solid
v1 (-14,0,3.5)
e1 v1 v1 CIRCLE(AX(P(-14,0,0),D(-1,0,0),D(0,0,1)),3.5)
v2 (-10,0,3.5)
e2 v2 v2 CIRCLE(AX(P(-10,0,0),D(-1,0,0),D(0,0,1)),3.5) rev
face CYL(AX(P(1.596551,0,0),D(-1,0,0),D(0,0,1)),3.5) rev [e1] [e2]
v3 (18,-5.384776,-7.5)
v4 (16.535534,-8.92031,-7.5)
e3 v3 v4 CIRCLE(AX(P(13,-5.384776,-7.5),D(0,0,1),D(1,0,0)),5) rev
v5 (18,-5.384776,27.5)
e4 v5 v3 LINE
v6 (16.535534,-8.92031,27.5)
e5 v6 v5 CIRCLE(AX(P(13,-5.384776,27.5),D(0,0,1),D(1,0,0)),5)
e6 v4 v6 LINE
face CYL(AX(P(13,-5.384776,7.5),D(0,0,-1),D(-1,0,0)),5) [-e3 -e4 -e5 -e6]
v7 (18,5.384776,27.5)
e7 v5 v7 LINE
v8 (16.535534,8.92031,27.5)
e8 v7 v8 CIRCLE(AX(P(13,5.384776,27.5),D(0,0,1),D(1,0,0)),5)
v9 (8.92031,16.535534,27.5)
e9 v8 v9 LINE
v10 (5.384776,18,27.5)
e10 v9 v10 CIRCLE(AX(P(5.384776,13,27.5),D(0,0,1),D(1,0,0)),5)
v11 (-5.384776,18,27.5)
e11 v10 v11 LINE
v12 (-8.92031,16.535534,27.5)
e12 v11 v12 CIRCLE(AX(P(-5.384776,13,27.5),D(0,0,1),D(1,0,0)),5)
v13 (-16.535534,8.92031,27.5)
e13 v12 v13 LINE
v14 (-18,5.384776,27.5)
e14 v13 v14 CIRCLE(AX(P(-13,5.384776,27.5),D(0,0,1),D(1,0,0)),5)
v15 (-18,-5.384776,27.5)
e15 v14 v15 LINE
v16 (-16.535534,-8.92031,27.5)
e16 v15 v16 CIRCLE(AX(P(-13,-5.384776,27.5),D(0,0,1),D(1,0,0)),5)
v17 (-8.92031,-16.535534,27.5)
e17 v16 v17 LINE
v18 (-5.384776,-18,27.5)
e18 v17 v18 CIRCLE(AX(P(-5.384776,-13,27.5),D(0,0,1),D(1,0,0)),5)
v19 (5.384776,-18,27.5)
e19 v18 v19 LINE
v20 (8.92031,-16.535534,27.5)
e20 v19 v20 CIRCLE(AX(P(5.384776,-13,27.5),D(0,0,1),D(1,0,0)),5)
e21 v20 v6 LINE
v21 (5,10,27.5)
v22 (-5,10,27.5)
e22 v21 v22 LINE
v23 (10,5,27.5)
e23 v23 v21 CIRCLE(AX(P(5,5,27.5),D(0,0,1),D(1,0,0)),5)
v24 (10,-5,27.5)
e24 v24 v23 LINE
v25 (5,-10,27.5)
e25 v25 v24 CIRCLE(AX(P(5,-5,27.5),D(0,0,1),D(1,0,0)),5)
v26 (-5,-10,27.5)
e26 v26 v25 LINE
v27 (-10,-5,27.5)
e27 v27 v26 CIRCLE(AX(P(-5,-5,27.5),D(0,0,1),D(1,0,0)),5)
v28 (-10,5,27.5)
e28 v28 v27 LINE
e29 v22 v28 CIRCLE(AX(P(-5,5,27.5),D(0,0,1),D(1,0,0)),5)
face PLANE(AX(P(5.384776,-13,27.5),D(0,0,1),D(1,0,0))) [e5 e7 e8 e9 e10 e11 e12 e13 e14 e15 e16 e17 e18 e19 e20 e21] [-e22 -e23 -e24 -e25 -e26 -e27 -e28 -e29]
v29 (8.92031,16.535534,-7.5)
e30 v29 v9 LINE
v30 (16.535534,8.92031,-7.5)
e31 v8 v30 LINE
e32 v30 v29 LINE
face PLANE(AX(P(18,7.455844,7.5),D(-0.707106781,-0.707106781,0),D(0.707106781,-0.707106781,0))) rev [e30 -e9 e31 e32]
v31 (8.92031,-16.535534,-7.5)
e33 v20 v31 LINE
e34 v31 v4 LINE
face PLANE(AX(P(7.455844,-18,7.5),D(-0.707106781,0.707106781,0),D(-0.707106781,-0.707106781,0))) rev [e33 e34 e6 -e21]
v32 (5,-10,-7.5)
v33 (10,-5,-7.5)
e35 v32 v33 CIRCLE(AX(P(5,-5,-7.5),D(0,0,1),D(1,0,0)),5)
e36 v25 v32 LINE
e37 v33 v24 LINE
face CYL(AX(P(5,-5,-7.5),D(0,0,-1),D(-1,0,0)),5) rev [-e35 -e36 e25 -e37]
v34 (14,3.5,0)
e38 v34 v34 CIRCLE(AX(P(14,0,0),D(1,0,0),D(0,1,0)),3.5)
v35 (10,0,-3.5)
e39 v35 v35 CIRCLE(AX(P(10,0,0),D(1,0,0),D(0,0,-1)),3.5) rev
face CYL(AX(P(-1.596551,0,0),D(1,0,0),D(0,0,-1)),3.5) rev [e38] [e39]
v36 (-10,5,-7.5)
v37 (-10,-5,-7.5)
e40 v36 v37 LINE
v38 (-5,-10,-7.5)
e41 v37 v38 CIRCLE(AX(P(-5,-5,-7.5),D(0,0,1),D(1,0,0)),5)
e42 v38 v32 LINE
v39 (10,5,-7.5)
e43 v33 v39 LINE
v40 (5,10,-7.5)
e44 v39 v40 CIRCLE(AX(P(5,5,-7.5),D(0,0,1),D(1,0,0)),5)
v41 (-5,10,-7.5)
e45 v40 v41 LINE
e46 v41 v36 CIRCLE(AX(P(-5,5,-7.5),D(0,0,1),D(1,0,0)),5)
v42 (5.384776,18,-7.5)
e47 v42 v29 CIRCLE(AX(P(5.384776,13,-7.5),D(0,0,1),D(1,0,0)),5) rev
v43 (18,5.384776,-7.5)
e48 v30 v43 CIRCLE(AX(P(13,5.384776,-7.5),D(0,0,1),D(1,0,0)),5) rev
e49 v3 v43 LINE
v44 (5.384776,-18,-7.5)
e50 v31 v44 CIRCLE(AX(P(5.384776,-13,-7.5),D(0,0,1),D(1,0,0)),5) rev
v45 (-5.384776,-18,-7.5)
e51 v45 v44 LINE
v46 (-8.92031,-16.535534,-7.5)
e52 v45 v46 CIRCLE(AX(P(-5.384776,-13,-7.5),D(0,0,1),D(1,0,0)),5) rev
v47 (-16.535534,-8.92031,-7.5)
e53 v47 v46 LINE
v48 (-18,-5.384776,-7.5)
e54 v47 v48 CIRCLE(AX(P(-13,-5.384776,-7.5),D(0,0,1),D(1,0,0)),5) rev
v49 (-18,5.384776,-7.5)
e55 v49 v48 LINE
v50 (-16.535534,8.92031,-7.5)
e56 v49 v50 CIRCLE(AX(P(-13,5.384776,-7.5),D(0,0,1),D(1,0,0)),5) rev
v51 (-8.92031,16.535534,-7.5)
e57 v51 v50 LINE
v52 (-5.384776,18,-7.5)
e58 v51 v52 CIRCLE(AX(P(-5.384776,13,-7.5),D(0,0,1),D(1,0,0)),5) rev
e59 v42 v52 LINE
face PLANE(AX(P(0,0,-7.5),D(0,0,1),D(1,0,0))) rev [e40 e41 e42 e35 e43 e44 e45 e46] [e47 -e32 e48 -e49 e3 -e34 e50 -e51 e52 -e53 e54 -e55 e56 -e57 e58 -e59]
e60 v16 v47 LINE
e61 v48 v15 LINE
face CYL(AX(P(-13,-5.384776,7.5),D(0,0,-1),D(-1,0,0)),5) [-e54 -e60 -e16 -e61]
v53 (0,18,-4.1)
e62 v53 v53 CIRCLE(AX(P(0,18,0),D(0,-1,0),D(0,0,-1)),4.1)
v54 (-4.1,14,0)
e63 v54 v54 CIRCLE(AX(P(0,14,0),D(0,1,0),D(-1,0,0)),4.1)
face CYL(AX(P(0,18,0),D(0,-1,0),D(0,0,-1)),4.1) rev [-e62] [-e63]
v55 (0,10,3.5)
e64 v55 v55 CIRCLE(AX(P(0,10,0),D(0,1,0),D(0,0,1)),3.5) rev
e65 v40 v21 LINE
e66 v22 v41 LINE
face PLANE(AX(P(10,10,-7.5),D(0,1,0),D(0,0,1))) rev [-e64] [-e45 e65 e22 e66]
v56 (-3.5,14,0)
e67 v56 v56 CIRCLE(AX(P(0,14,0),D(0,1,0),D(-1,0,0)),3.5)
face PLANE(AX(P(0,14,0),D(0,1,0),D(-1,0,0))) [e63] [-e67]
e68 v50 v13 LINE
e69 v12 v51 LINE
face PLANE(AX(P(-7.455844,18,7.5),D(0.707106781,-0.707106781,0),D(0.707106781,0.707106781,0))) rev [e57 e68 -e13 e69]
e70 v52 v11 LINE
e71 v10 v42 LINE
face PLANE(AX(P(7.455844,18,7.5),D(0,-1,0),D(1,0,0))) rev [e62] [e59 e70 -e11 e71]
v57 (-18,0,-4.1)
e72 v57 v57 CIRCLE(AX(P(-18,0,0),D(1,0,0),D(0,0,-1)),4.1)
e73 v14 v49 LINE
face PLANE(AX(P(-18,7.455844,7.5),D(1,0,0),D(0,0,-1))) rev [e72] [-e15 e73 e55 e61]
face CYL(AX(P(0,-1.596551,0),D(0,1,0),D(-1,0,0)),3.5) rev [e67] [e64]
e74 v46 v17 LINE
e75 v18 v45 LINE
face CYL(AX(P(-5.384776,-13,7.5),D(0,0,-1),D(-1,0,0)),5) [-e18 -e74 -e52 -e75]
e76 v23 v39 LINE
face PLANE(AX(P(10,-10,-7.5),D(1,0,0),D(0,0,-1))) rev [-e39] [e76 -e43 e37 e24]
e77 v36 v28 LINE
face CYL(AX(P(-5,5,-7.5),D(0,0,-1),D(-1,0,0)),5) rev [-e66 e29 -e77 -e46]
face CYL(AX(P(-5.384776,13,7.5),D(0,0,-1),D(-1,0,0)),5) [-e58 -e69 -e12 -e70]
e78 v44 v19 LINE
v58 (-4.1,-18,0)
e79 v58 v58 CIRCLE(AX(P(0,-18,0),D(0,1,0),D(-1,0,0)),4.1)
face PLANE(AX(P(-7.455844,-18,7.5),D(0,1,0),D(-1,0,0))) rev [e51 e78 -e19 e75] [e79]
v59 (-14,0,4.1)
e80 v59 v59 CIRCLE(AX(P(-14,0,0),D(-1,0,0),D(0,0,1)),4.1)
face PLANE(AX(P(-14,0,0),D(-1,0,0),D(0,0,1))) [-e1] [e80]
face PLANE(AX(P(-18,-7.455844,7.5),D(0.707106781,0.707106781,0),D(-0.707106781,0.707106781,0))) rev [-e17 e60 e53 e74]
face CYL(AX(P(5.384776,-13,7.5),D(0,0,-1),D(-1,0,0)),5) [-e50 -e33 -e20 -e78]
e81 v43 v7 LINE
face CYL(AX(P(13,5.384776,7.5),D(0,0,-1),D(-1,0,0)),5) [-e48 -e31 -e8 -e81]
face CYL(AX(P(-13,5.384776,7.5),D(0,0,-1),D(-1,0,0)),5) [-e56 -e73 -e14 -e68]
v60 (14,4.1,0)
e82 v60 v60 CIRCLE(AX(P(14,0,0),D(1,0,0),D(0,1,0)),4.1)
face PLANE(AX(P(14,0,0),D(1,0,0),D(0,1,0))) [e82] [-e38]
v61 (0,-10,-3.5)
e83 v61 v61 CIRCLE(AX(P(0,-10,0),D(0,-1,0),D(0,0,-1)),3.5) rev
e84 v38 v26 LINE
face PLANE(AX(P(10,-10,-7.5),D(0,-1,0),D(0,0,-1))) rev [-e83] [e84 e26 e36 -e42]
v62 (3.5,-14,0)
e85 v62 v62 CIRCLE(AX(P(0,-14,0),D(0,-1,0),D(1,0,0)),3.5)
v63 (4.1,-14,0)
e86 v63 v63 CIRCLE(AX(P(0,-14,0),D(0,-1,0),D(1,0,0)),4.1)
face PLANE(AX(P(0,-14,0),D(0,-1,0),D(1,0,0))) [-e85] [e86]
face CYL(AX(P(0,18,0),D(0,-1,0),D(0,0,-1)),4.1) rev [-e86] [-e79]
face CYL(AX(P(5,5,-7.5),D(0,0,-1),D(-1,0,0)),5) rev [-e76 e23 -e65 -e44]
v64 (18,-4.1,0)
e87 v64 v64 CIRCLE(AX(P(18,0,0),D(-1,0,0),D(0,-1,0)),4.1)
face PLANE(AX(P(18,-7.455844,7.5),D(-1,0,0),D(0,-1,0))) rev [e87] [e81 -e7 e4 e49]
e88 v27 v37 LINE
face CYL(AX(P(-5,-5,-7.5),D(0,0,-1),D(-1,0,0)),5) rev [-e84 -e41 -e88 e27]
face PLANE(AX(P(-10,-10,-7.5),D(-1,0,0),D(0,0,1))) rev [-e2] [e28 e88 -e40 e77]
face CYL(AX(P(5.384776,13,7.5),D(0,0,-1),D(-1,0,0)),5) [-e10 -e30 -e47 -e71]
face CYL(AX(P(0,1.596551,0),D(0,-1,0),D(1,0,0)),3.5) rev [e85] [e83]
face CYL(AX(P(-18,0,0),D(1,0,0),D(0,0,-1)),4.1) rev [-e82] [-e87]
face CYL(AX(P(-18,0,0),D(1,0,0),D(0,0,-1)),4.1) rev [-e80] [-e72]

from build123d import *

# Parameters (mm, degrees)
EXTRUDE_1_DEPTH          = 7.5
CUT_EXTRUDE_1_DEPTH      = 30.546573405
CUT_EXTRUDE_1_DEPTH_BACK = 30.546573405
SKETCH_2_W               = 20
SKETCH_2_H               = 20
FILLET_1_R               = 5
FILLET_2_R               = 5
CUT_EXTRUDE_2_DEPTH      = 41.942032192
CUT_EXTRUDE_2_DEPTH_BACK = 41.942032192
SKETCH_3_R               = 4.1
CUT_EXTRUDE_3_DEPTH      = 41.942032192
CUT_EXTRUDE_3_DEPTH_BACK = 41.942032192
SKETCH_4_R               = 4.1
EXTRUDE_START            = 20
EXTRUDE_2_DEPTH          = 20
EXTRUDE_START_2          = -4
SKETCH_6_R               = 4.1
SKETCH_6_R_2             = 3.5
EXTRUDE_3_DEPTH          = 4
SKETCH_7_R               = 4.1
SKETCH_7_R_2             = 3.5
EXTRUDE_4_DEPTH          = 4
EXTRUDE_START_3          = -8
SKETCH_8_R               = 4.1
SKETCH_8_R_2             = 3.5
EXTRUDE_5_DEPTH          = 4
SKETCH_9_R               = 4.1
SKETCH_9_R_2             = 3.5
EXTRUDE_6_DEPTH          = 4


with BuildPart() as part:
    # ｽｹｯﾁ1 → ﾎﾞｽ - 押し出し1 (new, symmetric)
    with BuildSketch(Plane.XY):
        Polygon((7.455844123, -18), (18, -7.455844123), (18, 7.455844123), (7.455844123, 18), (-7.455844123, 18), (-18, 7.455844123), (-18, -7.455844123), (-7.455844123, -18), align=None)
    extrude(amount=EXTRUDE_1_DEPTH, both=True)

    # ｽｹｯﾁ2 → ｶｯﾄ - 押し出し1 (cut, two sides: drawn at the far end of the back side and taken through both)
    with BuildSketch(Plane.XY.offset(7.5).offset(-CUT_EXTRUDE_1_DEPTH_BACK)):
        Rectangle(SKETCH_2_W, SKETCH_2_H)
    extrude(amount=CUT_EXTRUDE_1_DEPTH + CUT_EXTRUDE_1_DEPTH_BACK, mode=Mode.SUBTRACT)

    # ﾌｨﾚｯﾄ1
    fillet_1_edges = [part.edges().sort_by_distance(p)[0] for p in [
        (-10, -10, 0),
        (-10, 10, 0),
        (10, 10, 0),
        (10, -10, 0),
    ]]
    fillet(fillet_1_edges, radius=FILLET_1_R)

    # ﾌｨﾚｯﾄ2
    fillet_2_edges = [part.edges().sort_by_distance(p)[0] for p in [
        (-7.455844123, 18, 0),
        (7.455844123, 18, 0),
        (18, 7.455844123, 0),
        (18, -7.455844123, 0),
        (7.455844123, -18, 0),
        (-7.455844123, -18, 0),
        (-18, -7.455844123, 0),
        (-18, 7.455844123, 0),
    ]]
    fillet(fillet_2_edges, radius=FILLET_2_R)

    # ｽｹｯﾁ3 → ｶｯﾄ - 押し出し2 (cut, two sides: drawn at the far end of the back side and taken through both)
    with BuildSketch(Plane.XZ.offset(18).offset(-CUT_EXTRUDE_2_DEPTH_BACK)):
        with Locations(Location((0, 0, 0), (0, 0, 270))):
            Circle(SKETCH_3_R)
    extrude(amount=CUT_EXTRUDE_2_DEPTH + CUT_EXTRUDE_2_DEPTH_BACK, mode=Mode.SUBTRACT)

    # ｽｹｯﾁ4 → ｶｯﾄ - 押し出し3 (cut, two sides: drawn at the far end of the back side and taken through both)
    with BuildSketch(Plane(origin=(18, 0, 0), x_dir=(0, 0, -1), z_dir=(1, 0, 0)).offset(-CUT_EXTRUDE_3_DEPTH_BACK)):
        Circle(SKETCH_4_R)
    extrude(amount=CUT_EXTRUDE_3_DEPTH + CUT_EXTRUDE_3_DEPTH_BACK, mode=Mode.SUBTRACT)

    # ｽｹｯﾁ5 → ﾎﾞｽ - 押し出し2 (add)
    with BuildSketch(Plane.XY.offset(7.5).offset(EXTRUDE_START)):
        with BuildLine():
            Line((8.920310217, -16.535533906), (16.535533906, -8.920310217))
            ThreePointArc((16.535533906, -8.920310217), (17.619397663, -7.298193473), (18, -5.384776311))
            Line((18, -5.384776311), (18, 5.384776311))
            ThreePointArc((18, 5.384776311), (17.619397663, 7.298193473), (16.535533906, 8.920310217))
            Line((16.535533906, 8.920310217), (8.920310217, 16.535533906))
            ThreePointArc((8.920310217, 16.535533906), (7.298193473, 17.619397663), (5.384776311, 18))
            Line((5.384776311, 18), (-5.384776311, 18))
            ThreePointArc((-5.384776311, 18), (-7.298193473, 17.619397663), (-8.920310217, 16.535533906))
            Line((-8.920310217, 16.535533906), (-16.535533906, 8.920310217))
            ThreePointArc((-16.535533906, 8.920310217), (-17.619397663, 7.298193473), (-18, 5.384776311))
            Line((-18, 5.384776311), (-18, -5.384776311))
            ThreePointArc((-18, -5.384776311), (-17.619397663, -7.298193473), (-16.535533906, -8.920310217))
            Line((-16.535533906, -8.920310217), (-8.920310217, -16.535533906))
            ThreePointArc((-8.920310217, -16.535533906), (-7.298193473, -17.619397663), (-5.384776311, -18))
            Line((-5.384776311, -18), (5.384776311, -18))
            ThreePointArc((5.384776311, -18), (7.298193473, -17.619397663), (8.920310217, -16.535533906))
        make_face()
        with BuildLine():
            Line((5, 10), (-5, 10))
            ThreePointArc((-5, 10), (-8.535533906, 8.535533906), (-10, 5))
            Line((-10, 5), (-10, -5))
            ThreePointArc((-10, -5), (-8.535533906, -8.535533906), (-5, -10))
            Line((-5, -10), (5, -10))
            ThreePointArc((5, -10), (8.535533906, -8.535533906), (10, -5))
            Line((10, -5), (10, 5))
            ThreePointArc((10, 5), (8.535533906, 8.535533906), (5, 10))
        make_face(mode=Mode.SUBTRACT)
    extrude(amount=-EXTRUDE_2_DEPTH)

    # ｽｹｯﾁ6 → ﾎﾞｽ - 押し出し3 (add)
    with BuildSketch(Plane.XZ.offset(18).offset(EXTRUDE_START_2)):
        Circle(SKETCH_6_R)
        Circle(SKETCH_6_R_2, mode=Mode.SUBTRACT)
    extrude(amount=-EXTRUDE_3_DEPTH)

    # ｽｹｯﾁ7 → ﾎﾞｽ - 押し出し4 (add)
    with BuildSketch(Plane(origin=(18, 0, 0), x_dir=(0, 0, -1), z_dir=(1, 0, 0)).offset(EXTRUDE_START_2)):
        with Locations(Location((0, 0, 0), (0, 0, 90))):
            Circle(SKETCH_7_R)
        Circle(SKETCH_7_R_2, mode=Mode.SUBTRACT)
    extrude(amount=-EXTRUDE_4_DEPTH)

    # ｽｹｯﾁ8 → ﾎﾞｽ - 押し出し5 (add)
    with BuildSketch(Plane(origin=(0, 18, 0), x_dir=(1, 0, 0), z_dir=(0, 1, 0)).offset(EXTRUDE_START_3)):
        Circle(SKETCH_8_R)
        Circle(SKETCH_8_R_2, mode=Mode.SUBTRACT)
    extrude(amount=EXTRUDE_5_DEPTH)

    # ｽｹｯﾁ9 → ﾎﾞｽ - 押し出し6 (add)
    with BuildSketch(Plane.ZY.offset(18).offset(EXTRUDE_START_3)):
        with Locations(Location((0, 0, 0), (0, 0, 90))):
            Circle(SKETCH_9_R)
        with Locations(Location((0, 0, 0), (0, 0, 180))):
            Circle(SKETCH_9_R_2, mode=Mode.SUBTRACT)
    extrude(amount=EXTRUDE_6_DEPTH)


solid = part.part
